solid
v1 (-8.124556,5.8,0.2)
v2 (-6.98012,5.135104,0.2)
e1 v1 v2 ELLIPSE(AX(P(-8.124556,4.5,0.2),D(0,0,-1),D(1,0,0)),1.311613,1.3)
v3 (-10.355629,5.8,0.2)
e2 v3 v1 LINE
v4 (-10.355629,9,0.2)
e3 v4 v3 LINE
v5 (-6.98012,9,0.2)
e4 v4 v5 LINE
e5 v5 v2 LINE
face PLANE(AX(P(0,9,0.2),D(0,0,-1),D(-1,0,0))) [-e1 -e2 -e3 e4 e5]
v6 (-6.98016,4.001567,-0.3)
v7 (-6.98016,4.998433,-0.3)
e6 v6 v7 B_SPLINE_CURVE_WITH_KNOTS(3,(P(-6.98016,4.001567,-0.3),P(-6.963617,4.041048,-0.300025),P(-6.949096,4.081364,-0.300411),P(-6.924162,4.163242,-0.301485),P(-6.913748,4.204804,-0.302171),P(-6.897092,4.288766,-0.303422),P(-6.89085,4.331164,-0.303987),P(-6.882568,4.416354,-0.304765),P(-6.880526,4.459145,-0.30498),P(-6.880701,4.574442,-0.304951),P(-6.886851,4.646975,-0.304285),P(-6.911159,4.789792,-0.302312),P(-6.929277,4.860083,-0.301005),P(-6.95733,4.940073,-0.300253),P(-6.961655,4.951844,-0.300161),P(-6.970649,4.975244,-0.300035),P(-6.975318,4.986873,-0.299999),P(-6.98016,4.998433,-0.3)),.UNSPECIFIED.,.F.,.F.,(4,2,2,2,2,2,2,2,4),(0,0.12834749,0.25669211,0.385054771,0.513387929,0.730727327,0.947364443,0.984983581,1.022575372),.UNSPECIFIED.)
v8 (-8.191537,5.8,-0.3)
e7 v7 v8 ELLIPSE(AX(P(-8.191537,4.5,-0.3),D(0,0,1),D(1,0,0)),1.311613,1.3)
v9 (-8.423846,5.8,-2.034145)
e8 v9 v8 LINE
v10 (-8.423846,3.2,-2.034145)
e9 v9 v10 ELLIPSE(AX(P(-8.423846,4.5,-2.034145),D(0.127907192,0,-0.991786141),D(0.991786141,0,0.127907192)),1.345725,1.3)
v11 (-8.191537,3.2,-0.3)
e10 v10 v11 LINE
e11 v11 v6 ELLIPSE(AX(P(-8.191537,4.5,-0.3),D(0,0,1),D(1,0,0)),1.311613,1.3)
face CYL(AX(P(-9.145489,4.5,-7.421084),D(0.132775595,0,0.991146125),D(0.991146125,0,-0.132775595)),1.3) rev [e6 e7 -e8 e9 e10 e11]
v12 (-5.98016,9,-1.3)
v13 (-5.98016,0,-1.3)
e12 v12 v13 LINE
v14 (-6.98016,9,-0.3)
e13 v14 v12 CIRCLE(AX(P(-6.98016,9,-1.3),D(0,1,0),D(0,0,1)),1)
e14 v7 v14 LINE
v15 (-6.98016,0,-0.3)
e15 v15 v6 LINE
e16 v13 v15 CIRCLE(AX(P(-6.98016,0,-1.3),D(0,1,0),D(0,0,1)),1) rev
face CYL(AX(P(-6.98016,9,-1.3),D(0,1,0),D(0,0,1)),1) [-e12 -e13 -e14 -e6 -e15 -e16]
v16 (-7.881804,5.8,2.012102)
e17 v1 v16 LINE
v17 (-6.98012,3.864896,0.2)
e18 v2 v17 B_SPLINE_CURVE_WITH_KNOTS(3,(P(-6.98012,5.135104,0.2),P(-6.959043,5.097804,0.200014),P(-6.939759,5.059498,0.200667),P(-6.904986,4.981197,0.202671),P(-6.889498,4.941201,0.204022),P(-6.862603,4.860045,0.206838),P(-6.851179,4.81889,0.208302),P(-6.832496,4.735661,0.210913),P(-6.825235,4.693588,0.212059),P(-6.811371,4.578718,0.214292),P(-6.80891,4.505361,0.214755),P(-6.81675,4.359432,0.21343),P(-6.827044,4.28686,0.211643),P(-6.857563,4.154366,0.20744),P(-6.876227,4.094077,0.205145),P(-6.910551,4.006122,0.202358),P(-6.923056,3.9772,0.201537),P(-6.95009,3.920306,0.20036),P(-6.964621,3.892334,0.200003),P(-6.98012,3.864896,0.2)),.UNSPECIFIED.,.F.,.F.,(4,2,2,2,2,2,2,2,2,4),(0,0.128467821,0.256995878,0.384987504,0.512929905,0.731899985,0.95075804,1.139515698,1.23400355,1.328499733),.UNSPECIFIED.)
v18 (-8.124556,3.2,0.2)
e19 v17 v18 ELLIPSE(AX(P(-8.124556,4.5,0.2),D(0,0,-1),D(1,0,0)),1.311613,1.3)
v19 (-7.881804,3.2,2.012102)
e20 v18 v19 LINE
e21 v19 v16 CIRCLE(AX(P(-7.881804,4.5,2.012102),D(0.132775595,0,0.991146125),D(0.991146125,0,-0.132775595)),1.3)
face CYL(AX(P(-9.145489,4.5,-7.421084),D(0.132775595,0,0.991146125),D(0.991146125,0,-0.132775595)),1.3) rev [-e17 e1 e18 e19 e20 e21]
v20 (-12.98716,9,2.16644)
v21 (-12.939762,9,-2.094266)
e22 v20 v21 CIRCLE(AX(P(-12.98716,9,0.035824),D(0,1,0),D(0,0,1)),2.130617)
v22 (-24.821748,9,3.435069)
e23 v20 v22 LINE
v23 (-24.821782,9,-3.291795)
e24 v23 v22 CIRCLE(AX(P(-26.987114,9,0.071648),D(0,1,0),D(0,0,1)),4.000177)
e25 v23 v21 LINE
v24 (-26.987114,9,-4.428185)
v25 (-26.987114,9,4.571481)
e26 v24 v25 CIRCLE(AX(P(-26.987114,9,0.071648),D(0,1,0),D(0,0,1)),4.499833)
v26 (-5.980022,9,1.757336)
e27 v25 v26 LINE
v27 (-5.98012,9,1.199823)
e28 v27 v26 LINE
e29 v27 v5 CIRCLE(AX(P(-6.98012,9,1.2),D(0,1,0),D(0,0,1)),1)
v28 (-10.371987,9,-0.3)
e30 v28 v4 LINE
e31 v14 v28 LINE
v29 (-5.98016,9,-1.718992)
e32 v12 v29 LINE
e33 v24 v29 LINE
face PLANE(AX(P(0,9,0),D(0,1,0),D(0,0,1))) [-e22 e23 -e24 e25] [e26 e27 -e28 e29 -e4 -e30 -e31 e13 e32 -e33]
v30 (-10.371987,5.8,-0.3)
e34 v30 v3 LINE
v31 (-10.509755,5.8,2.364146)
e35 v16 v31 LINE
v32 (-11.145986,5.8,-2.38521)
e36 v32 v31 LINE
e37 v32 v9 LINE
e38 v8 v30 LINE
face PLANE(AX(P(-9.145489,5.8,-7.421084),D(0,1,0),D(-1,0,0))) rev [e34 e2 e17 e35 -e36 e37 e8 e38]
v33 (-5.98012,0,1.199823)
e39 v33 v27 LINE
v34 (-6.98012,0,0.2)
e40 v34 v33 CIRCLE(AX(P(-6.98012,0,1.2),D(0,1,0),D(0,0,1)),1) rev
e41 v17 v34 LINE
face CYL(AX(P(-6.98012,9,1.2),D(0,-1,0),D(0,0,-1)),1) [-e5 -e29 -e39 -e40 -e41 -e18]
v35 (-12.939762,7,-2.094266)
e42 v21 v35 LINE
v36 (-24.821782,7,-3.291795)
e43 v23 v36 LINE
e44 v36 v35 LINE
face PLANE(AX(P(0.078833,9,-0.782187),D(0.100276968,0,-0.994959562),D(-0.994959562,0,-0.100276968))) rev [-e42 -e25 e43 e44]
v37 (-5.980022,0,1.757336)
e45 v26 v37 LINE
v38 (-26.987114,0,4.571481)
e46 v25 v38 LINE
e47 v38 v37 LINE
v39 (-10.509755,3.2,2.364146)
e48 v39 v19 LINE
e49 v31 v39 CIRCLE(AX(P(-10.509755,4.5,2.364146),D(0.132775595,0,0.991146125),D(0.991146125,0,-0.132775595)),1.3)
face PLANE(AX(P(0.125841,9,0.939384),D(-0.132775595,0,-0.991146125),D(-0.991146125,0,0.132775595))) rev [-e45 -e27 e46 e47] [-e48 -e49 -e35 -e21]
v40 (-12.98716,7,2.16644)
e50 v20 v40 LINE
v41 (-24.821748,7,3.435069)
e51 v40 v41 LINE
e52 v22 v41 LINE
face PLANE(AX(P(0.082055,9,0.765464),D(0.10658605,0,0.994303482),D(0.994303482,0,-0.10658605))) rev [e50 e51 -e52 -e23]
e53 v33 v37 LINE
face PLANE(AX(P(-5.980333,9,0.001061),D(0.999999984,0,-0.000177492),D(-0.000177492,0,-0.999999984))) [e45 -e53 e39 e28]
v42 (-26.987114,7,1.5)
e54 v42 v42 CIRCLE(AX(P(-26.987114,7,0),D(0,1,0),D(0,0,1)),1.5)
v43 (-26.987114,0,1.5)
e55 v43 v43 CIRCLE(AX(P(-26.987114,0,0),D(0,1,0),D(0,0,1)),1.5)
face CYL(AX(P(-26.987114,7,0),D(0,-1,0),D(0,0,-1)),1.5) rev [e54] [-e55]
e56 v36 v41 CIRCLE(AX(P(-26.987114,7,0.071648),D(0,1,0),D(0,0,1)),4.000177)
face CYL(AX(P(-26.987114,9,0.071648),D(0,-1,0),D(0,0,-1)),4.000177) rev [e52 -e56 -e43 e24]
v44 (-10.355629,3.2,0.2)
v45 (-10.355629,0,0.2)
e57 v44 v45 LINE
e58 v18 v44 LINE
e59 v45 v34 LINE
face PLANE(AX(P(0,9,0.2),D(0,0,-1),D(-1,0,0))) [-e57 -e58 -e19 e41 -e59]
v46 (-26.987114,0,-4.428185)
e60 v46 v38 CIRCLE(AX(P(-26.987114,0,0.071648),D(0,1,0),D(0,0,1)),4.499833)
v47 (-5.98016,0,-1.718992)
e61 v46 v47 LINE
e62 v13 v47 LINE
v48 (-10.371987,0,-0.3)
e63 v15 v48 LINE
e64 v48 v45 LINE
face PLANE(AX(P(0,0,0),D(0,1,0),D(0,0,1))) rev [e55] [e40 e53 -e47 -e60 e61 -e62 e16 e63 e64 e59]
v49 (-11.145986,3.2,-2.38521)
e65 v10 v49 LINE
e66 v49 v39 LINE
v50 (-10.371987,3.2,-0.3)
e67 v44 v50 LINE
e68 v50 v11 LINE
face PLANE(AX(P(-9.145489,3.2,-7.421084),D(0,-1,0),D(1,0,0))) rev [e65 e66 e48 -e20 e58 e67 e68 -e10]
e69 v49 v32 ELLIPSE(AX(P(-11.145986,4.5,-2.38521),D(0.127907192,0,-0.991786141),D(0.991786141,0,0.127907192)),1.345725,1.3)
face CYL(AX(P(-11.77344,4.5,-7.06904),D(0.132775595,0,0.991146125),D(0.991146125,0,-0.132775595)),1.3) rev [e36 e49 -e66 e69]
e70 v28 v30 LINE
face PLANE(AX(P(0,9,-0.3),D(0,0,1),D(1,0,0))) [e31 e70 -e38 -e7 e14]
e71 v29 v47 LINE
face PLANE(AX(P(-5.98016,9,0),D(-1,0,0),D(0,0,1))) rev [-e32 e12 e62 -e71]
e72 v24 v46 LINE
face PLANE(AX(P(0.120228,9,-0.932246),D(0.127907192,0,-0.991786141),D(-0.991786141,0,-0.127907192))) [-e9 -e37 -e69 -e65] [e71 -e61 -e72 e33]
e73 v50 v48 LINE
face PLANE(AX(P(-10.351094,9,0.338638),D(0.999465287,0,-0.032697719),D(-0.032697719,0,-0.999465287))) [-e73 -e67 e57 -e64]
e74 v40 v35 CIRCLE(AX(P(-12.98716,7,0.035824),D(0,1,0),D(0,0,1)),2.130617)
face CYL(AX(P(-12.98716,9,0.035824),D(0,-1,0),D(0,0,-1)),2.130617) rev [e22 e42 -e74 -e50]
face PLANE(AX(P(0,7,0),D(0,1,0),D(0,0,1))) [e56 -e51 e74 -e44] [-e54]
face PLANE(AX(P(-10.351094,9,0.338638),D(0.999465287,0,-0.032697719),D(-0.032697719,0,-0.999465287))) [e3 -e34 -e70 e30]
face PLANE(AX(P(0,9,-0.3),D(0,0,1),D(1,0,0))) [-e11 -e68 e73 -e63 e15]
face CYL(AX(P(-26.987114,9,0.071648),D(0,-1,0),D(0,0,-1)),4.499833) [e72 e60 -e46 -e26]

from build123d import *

# Parameters (mm, degrees)
SKETCH2_R           = 1.5
BOSS_EXTRUDE1_DEPTH = 7
BOSS_EXTRUDE2_DEPTH = 9
FILLET3_R           = 1
CUT_EXTRUDE1_DEPTH  = 34.304342473


with BuildPart() as part:
    # Sketch2 → Boss-Extrude1 (new body)
    with BuildSketch(Plane(origin=(0, 0, 0), x_dir=(1, 0, 0), z_dir=(0, 1, 0))):
        with BuildLine():
            Line((-12.939762178, 2.094266176), (-24.821781773, 3.29179515))
            ThreePointArc((-24.821781773, 3.29179515), (-30.987291256, -0.071668068), (-24.821747911, -3.435069212))
            Line((-24.821747911, -3.435069212), (-12.987160246, -2.166440487))
            ThreePointArc((-12.987160246, -2.166440487), (-10.8566751, -0.059524017), (-12.939762178, 2.094266176))
        make_face()
        with Locations((-26.987114413, 0)):
            Circle(SKETCH2_R, mode=Mode.SUBTRACT)
    extrude(amount=BOSS_EXTRUDE1_DEPTH)

    # Sketch2<3> → Boss-Extrude2 (add)
    with BuildSketch(Plane(origin=(0, 0, 0), x_dir=(1, 0, 0), z_dir=(0, 1, 0))):
        with BuildLine():
            Line((-5.980021524, -1.757335699), (-5.980297938, -0.2))
            Line((-5.980297938, -0.2), (-10.355629468, -0.2))
            Line((-10.355629468, -0.2), (-10.371987074, 0.3))
            Line((-10.371987074, 0.3), (-5.980159731, 0.3))
            Line((-5.980159731, 0.3), (-5.980159731, 1.71899167))
            Line((-5.980159731, 1.71899167), (-26.987114411, 4.428185187))
            ThreePointArc((-26.987114411, 4.428185187), (-31.48694753, -0.071647931), (-26.987114411, -4.57148105))
            Line((-26.987114411, -4.57148105), (-5.980021524, -1.757335699))
        make_face()
        with BuildLine():
            Line((-12.987160246, -2.166440487), (-24.821747911, -3.435069212))
            ThreePointArc((-24.821747911, -3.435069212), (-30.987291256, -0.071668068), (-24.821781773, 3.29179515))
            Line((-24.821781773, 3.29179515), (-12.939762178, 2.094266176))
            ThreePointArc((-12.939762178, 2.094266176), (-10.8566751, -0.059524017), (-12.987160246, -2.166440487))
        make_face(mode=Mode.SUBTRACT)
    extrude(amount=BOSS_EXTRUDE2_DEPTH)

    # Fillet3
    fillet3_edges = [part.edges().sort_by_distance(p)[0] for p in [
        (-5.980297938, 4.5, 0.2),
        (-5.980159731, 4.5, -0.3),
    ]]
    fillet(fillet3_edges, radius=FILLET3_R)

    # Sketch3 → Cut-Extrude1 (cut, through all)
    with BuildSketch(Plane(origin=(0.125841463, 0, 0.939384066), x_dir=(0.9911461251188364, 0, -0.13277559512921042), z_dir=(0.13277559512921042, 0, 0.9911461251188365))):
        with BuildLine():
            Line((-8.079177289, 3.2), (-10.730603596, 3.2))
            ThreePointArc((-10.730603596, 3.2), (-12.030603596, 4.5), (-10.730603596, 5.8))
            Line((-10.730603596, 5.8), (-8.079177289, 5.8))
            ThreePointArc((-8.079177289, 5.8), (-6.779177289, 4.5), (-8.079177289, 3.2))
        make_face()
    extrude(amount=-CUT_EXTRUDE1_DEPTH, mode=Mode.SUBTRACT)


solid = part.part
